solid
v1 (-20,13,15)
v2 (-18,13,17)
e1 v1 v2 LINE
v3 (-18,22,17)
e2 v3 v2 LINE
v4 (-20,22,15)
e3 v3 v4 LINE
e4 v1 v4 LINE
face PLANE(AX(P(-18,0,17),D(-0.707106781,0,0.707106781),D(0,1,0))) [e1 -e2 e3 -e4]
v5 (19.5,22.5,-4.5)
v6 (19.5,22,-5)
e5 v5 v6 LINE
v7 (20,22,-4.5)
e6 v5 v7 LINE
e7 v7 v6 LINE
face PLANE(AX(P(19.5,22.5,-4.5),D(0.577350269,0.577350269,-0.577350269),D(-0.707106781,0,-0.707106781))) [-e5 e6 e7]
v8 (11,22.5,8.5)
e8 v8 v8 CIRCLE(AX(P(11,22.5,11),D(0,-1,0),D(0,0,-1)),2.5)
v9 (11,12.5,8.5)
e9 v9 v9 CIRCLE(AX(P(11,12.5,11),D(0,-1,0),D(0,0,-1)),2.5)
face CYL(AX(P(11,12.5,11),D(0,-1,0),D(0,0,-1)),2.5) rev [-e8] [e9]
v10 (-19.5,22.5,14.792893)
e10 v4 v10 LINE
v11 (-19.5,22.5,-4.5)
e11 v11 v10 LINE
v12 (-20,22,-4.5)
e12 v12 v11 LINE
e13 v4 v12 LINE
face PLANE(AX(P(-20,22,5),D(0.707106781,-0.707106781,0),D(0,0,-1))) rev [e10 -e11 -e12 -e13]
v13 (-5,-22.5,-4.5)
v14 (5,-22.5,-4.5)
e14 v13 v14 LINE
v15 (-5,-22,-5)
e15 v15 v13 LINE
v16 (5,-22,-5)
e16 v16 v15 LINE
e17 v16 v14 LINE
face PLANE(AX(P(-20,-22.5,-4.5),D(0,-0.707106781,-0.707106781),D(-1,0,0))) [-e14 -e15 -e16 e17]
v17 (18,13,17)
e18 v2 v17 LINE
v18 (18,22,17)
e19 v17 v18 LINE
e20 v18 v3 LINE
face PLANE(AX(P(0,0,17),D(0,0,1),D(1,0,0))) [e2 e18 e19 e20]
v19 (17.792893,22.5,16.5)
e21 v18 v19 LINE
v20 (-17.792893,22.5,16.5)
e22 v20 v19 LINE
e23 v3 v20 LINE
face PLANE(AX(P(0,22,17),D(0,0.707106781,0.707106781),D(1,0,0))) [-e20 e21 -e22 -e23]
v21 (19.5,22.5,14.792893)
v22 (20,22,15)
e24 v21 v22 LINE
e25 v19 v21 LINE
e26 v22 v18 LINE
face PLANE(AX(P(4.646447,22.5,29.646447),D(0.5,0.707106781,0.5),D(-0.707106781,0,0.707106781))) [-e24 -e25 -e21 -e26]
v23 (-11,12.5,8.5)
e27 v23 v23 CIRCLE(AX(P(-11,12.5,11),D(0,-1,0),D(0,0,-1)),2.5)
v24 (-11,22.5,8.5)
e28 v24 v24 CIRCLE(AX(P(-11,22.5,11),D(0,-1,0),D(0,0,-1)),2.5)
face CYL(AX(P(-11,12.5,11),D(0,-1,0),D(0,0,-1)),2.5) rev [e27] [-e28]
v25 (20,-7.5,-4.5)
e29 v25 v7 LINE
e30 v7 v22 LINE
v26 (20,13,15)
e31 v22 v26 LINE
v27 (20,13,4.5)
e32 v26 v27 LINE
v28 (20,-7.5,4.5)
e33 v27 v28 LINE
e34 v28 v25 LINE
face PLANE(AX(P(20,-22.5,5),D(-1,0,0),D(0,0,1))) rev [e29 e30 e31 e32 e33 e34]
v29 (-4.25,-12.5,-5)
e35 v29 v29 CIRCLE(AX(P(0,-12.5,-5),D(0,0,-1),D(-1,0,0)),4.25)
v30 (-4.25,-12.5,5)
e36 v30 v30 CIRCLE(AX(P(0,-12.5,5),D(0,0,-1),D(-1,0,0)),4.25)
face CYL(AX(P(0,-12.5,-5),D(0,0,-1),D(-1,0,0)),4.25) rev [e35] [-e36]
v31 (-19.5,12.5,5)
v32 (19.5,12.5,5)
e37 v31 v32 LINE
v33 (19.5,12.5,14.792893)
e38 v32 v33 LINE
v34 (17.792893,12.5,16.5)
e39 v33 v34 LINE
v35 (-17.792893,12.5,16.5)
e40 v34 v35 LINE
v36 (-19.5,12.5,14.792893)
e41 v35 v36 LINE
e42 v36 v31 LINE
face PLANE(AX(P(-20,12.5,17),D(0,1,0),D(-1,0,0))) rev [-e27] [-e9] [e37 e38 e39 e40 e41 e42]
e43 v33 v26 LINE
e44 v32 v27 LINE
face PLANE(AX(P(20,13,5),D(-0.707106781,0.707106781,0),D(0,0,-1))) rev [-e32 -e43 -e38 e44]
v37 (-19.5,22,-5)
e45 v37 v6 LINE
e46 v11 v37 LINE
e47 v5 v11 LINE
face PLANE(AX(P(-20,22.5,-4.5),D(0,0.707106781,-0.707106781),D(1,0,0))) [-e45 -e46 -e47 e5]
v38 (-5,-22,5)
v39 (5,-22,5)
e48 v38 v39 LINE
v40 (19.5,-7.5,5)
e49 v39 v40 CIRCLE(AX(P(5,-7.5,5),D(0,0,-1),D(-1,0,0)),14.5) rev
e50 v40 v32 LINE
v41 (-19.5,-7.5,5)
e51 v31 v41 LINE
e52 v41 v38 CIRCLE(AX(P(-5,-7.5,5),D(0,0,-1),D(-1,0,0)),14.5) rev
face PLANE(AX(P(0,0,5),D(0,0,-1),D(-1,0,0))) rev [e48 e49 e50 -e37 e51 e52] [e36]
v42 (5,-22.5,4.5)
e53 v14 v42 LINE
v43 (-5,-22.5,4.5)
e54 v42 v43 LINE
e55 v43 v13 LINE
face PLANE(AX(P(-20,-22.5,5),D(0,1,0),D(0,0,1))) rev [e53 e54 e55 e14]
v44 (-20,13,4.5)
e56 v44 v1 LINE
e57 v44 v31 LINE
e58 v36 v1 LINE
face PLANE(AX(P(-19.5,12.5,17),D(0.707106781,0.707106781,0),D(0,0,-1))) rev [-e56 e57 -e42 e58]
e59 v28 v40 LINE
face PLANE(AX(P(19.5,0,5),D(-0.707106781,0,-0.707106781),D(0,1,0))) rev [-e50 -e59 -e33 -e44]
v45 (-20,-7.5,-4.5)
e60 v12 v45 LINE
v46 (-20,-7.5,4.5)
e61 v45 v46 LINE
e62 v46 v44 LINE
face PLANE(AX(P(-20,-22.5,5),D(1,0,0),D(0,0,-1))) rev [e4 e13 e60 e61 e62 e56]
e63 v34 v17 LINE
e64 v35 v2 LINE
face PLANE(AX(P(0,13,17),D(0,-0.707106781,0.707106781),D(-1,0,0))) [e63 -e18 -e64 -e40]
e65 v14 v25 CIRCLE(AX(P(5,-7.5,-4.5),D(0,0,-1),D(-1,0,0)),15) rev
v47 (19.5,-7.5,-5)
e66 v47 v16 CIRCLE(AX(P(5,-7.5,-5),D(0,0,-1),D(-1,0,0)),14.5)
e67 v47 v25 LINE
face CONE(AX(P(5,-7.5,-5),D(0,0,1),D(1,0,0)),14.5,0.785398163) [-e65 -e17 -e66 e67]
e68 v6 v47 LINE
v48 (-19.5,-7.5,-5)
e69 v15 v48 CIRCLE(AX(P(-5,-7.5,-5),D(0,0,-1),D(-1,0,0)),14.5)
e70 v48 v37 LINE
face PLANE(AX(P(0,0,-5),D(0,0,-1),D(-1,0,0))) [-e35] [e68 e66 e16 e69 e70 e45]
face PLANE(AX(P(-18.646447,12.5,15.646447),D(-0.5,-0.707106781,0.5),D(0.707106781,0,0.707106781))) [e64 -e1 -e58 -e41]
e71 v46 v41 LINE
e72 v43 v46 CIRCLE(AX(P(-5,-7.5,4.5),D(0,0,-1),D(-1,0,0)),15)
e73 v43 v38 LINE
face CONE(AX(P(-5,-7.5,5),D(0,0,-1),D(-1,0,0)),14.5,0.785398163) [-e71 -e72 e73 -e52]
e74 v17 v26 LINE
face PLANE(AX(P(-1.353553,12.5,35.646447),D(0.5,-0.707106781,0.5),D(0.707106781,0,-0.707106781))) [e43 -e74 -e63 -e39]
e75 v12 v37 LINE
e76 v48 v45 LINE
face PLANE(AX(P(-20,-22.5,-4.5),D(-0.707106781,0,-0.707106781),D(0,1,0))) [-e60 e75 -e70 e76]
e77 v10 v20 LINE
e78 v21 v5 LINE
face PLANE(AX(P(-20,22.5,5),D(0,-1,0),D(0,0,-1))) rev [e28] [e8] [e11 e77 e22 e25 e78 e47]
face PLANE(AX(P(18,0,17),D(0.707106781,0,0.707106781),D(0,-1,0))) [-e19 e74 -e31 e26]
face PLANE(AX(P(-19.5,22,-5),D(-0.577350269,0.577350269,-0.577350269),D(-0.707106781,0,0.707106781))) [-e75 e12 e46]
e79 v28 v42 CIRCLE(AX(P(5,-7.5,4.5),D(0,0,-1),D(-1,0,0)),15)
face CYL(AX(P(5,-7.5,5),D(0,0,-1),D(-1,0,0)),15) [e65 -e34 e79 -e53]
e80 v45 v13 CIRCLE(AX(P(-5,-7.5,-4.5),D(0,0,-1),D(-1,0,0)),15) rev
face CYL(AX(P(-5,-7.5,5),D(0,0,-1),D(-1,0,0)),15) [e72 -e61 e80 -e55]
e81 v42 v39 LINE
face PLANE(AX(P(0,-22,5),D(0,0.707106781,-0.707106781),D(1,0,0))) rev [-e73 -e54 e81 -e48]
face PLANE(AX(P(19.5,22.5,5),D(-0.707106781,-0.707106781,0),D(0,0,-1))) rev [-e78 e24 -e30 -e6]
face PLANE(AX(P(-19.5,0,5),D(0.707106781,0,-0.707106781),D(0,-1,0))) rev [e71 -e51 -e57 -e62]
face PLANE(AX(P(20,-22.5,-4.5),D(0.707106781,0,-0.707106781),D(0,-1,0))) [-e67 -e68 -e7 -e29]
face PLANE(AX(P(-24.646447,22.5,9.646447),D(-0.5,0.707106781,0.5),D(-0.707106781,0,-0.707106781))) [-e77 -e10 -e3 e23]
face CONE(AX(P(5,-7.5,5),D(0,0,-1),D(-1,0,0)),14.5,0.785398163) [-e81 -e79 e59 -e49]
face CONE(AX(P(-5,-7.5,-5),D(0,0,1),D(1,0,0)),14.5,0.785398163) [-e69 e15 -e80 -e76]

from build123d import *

# Parameters (mm, degrees)
SKETCH_1_W          = 40
SKETCH_1_H          = 45
EXTRUDE_1_DEPTH     = 5
SKETCH_2_W          = 40
SKETCH_2_H          = 10
EXTRUDE_2_DEPTH     = 12
HOLE_WIZARD_M10_1_D = 8.5
HOLE_WIZARD_M6_1_D  = 5
FILLET_1_R          = 15
CHAMFER_1_SIZE      = 2
CHAMFER_2_SIZE      = 0.5


with BuildPart() as part:
    # 草图1 → 凸台-拉伸1 (new, symmetric)
    with BuildSketch(Plane.XY):
        Rectangle(SKETCH_1_W, SKETCH_1_H)
    extrude(amount=EXTRUDE_1_DEPTH, both=True)

    # 草图2 → 凸台-拉伸2 (add)
    with BuildSketch(Plane.XY.offset(5)):
        with Locations((0, 17.5)):
            Rectangle(SKETCH_2_W, SKETCH_2_H)
    extrude(amount=EXTRUDE_2_DEPTH)

    # M10 螺纹孔1 (through all)
    with Locations(Plane(origin=(0, 0, -5), x_dir=(-1, 0, 0), z_dir=(0, 0, -1))):
        with Locations((0, -12.5)):
            Hole(HOLE_WIZARD_M10_1_D / 2)

    # M6 螺纹孔1 (through all)
    with Locations(Plane(origin=(0, 12.5, 0), x_dir=(-1, 0, 0), z_dir=(0, -1, 0))):
        with Locations((-11, -11), (11, -11)):
            Hole(HOLE_WIZARD_M6_1_D / 2)

    # 圆角1
    fillet_1_edges = [part.edges().sort_by_distance(p)[0] for p in [
        (20, -22.5, 0),
        (-20, -22.5, 0),
    ]]
    fillet(fillet_1_edges, radius=FILLET_1_R)

    # 倒角1
    chamfer_1_edges = [part.edges().sort_by_distance(p)[0] for p in [
        (-20, 17.5, 17),
        (20, 17.5, 17),
    ]]
    chamfer(chamfer_1_edges, length=CHAMFER_1_SIZE)

    # 倒角2
    chamfer_2_edges = [part.edges().sort_by_distance(p)[0] for p in [
        (-20, 2.5, 5),
        (0, -22.5, -5),
        (0, -22.5, 5),
        (20, 7.5, -5),
        (15.606601718, -18.106601718, -5),
        (-15.606601718, -18.106601718, -5),
        (20, 2.5, 5),
        (15.606601718, -18.106601718, 5),
        (-15.606601718, -18.106601718, 5),
        (-20, 7.5, -5),
        (0, 22.5, -5),
        (0, 12.5, 17),
        (0, 22.5, 17),
        (20, 12.5, 10),
        (-20, 12.5, 10),
        (19, 12.5, 16),
        (-19, 12.5, 16),
        (-20, 22.5, 5),
        (20, 22.5, 5),
        (19, 22.5, 16),
        (-19, 22.5, 16),
    ]]
    chamfer(chamfer_2_edges, length=CHAMFER_2_SIZE)


solid = part.part
